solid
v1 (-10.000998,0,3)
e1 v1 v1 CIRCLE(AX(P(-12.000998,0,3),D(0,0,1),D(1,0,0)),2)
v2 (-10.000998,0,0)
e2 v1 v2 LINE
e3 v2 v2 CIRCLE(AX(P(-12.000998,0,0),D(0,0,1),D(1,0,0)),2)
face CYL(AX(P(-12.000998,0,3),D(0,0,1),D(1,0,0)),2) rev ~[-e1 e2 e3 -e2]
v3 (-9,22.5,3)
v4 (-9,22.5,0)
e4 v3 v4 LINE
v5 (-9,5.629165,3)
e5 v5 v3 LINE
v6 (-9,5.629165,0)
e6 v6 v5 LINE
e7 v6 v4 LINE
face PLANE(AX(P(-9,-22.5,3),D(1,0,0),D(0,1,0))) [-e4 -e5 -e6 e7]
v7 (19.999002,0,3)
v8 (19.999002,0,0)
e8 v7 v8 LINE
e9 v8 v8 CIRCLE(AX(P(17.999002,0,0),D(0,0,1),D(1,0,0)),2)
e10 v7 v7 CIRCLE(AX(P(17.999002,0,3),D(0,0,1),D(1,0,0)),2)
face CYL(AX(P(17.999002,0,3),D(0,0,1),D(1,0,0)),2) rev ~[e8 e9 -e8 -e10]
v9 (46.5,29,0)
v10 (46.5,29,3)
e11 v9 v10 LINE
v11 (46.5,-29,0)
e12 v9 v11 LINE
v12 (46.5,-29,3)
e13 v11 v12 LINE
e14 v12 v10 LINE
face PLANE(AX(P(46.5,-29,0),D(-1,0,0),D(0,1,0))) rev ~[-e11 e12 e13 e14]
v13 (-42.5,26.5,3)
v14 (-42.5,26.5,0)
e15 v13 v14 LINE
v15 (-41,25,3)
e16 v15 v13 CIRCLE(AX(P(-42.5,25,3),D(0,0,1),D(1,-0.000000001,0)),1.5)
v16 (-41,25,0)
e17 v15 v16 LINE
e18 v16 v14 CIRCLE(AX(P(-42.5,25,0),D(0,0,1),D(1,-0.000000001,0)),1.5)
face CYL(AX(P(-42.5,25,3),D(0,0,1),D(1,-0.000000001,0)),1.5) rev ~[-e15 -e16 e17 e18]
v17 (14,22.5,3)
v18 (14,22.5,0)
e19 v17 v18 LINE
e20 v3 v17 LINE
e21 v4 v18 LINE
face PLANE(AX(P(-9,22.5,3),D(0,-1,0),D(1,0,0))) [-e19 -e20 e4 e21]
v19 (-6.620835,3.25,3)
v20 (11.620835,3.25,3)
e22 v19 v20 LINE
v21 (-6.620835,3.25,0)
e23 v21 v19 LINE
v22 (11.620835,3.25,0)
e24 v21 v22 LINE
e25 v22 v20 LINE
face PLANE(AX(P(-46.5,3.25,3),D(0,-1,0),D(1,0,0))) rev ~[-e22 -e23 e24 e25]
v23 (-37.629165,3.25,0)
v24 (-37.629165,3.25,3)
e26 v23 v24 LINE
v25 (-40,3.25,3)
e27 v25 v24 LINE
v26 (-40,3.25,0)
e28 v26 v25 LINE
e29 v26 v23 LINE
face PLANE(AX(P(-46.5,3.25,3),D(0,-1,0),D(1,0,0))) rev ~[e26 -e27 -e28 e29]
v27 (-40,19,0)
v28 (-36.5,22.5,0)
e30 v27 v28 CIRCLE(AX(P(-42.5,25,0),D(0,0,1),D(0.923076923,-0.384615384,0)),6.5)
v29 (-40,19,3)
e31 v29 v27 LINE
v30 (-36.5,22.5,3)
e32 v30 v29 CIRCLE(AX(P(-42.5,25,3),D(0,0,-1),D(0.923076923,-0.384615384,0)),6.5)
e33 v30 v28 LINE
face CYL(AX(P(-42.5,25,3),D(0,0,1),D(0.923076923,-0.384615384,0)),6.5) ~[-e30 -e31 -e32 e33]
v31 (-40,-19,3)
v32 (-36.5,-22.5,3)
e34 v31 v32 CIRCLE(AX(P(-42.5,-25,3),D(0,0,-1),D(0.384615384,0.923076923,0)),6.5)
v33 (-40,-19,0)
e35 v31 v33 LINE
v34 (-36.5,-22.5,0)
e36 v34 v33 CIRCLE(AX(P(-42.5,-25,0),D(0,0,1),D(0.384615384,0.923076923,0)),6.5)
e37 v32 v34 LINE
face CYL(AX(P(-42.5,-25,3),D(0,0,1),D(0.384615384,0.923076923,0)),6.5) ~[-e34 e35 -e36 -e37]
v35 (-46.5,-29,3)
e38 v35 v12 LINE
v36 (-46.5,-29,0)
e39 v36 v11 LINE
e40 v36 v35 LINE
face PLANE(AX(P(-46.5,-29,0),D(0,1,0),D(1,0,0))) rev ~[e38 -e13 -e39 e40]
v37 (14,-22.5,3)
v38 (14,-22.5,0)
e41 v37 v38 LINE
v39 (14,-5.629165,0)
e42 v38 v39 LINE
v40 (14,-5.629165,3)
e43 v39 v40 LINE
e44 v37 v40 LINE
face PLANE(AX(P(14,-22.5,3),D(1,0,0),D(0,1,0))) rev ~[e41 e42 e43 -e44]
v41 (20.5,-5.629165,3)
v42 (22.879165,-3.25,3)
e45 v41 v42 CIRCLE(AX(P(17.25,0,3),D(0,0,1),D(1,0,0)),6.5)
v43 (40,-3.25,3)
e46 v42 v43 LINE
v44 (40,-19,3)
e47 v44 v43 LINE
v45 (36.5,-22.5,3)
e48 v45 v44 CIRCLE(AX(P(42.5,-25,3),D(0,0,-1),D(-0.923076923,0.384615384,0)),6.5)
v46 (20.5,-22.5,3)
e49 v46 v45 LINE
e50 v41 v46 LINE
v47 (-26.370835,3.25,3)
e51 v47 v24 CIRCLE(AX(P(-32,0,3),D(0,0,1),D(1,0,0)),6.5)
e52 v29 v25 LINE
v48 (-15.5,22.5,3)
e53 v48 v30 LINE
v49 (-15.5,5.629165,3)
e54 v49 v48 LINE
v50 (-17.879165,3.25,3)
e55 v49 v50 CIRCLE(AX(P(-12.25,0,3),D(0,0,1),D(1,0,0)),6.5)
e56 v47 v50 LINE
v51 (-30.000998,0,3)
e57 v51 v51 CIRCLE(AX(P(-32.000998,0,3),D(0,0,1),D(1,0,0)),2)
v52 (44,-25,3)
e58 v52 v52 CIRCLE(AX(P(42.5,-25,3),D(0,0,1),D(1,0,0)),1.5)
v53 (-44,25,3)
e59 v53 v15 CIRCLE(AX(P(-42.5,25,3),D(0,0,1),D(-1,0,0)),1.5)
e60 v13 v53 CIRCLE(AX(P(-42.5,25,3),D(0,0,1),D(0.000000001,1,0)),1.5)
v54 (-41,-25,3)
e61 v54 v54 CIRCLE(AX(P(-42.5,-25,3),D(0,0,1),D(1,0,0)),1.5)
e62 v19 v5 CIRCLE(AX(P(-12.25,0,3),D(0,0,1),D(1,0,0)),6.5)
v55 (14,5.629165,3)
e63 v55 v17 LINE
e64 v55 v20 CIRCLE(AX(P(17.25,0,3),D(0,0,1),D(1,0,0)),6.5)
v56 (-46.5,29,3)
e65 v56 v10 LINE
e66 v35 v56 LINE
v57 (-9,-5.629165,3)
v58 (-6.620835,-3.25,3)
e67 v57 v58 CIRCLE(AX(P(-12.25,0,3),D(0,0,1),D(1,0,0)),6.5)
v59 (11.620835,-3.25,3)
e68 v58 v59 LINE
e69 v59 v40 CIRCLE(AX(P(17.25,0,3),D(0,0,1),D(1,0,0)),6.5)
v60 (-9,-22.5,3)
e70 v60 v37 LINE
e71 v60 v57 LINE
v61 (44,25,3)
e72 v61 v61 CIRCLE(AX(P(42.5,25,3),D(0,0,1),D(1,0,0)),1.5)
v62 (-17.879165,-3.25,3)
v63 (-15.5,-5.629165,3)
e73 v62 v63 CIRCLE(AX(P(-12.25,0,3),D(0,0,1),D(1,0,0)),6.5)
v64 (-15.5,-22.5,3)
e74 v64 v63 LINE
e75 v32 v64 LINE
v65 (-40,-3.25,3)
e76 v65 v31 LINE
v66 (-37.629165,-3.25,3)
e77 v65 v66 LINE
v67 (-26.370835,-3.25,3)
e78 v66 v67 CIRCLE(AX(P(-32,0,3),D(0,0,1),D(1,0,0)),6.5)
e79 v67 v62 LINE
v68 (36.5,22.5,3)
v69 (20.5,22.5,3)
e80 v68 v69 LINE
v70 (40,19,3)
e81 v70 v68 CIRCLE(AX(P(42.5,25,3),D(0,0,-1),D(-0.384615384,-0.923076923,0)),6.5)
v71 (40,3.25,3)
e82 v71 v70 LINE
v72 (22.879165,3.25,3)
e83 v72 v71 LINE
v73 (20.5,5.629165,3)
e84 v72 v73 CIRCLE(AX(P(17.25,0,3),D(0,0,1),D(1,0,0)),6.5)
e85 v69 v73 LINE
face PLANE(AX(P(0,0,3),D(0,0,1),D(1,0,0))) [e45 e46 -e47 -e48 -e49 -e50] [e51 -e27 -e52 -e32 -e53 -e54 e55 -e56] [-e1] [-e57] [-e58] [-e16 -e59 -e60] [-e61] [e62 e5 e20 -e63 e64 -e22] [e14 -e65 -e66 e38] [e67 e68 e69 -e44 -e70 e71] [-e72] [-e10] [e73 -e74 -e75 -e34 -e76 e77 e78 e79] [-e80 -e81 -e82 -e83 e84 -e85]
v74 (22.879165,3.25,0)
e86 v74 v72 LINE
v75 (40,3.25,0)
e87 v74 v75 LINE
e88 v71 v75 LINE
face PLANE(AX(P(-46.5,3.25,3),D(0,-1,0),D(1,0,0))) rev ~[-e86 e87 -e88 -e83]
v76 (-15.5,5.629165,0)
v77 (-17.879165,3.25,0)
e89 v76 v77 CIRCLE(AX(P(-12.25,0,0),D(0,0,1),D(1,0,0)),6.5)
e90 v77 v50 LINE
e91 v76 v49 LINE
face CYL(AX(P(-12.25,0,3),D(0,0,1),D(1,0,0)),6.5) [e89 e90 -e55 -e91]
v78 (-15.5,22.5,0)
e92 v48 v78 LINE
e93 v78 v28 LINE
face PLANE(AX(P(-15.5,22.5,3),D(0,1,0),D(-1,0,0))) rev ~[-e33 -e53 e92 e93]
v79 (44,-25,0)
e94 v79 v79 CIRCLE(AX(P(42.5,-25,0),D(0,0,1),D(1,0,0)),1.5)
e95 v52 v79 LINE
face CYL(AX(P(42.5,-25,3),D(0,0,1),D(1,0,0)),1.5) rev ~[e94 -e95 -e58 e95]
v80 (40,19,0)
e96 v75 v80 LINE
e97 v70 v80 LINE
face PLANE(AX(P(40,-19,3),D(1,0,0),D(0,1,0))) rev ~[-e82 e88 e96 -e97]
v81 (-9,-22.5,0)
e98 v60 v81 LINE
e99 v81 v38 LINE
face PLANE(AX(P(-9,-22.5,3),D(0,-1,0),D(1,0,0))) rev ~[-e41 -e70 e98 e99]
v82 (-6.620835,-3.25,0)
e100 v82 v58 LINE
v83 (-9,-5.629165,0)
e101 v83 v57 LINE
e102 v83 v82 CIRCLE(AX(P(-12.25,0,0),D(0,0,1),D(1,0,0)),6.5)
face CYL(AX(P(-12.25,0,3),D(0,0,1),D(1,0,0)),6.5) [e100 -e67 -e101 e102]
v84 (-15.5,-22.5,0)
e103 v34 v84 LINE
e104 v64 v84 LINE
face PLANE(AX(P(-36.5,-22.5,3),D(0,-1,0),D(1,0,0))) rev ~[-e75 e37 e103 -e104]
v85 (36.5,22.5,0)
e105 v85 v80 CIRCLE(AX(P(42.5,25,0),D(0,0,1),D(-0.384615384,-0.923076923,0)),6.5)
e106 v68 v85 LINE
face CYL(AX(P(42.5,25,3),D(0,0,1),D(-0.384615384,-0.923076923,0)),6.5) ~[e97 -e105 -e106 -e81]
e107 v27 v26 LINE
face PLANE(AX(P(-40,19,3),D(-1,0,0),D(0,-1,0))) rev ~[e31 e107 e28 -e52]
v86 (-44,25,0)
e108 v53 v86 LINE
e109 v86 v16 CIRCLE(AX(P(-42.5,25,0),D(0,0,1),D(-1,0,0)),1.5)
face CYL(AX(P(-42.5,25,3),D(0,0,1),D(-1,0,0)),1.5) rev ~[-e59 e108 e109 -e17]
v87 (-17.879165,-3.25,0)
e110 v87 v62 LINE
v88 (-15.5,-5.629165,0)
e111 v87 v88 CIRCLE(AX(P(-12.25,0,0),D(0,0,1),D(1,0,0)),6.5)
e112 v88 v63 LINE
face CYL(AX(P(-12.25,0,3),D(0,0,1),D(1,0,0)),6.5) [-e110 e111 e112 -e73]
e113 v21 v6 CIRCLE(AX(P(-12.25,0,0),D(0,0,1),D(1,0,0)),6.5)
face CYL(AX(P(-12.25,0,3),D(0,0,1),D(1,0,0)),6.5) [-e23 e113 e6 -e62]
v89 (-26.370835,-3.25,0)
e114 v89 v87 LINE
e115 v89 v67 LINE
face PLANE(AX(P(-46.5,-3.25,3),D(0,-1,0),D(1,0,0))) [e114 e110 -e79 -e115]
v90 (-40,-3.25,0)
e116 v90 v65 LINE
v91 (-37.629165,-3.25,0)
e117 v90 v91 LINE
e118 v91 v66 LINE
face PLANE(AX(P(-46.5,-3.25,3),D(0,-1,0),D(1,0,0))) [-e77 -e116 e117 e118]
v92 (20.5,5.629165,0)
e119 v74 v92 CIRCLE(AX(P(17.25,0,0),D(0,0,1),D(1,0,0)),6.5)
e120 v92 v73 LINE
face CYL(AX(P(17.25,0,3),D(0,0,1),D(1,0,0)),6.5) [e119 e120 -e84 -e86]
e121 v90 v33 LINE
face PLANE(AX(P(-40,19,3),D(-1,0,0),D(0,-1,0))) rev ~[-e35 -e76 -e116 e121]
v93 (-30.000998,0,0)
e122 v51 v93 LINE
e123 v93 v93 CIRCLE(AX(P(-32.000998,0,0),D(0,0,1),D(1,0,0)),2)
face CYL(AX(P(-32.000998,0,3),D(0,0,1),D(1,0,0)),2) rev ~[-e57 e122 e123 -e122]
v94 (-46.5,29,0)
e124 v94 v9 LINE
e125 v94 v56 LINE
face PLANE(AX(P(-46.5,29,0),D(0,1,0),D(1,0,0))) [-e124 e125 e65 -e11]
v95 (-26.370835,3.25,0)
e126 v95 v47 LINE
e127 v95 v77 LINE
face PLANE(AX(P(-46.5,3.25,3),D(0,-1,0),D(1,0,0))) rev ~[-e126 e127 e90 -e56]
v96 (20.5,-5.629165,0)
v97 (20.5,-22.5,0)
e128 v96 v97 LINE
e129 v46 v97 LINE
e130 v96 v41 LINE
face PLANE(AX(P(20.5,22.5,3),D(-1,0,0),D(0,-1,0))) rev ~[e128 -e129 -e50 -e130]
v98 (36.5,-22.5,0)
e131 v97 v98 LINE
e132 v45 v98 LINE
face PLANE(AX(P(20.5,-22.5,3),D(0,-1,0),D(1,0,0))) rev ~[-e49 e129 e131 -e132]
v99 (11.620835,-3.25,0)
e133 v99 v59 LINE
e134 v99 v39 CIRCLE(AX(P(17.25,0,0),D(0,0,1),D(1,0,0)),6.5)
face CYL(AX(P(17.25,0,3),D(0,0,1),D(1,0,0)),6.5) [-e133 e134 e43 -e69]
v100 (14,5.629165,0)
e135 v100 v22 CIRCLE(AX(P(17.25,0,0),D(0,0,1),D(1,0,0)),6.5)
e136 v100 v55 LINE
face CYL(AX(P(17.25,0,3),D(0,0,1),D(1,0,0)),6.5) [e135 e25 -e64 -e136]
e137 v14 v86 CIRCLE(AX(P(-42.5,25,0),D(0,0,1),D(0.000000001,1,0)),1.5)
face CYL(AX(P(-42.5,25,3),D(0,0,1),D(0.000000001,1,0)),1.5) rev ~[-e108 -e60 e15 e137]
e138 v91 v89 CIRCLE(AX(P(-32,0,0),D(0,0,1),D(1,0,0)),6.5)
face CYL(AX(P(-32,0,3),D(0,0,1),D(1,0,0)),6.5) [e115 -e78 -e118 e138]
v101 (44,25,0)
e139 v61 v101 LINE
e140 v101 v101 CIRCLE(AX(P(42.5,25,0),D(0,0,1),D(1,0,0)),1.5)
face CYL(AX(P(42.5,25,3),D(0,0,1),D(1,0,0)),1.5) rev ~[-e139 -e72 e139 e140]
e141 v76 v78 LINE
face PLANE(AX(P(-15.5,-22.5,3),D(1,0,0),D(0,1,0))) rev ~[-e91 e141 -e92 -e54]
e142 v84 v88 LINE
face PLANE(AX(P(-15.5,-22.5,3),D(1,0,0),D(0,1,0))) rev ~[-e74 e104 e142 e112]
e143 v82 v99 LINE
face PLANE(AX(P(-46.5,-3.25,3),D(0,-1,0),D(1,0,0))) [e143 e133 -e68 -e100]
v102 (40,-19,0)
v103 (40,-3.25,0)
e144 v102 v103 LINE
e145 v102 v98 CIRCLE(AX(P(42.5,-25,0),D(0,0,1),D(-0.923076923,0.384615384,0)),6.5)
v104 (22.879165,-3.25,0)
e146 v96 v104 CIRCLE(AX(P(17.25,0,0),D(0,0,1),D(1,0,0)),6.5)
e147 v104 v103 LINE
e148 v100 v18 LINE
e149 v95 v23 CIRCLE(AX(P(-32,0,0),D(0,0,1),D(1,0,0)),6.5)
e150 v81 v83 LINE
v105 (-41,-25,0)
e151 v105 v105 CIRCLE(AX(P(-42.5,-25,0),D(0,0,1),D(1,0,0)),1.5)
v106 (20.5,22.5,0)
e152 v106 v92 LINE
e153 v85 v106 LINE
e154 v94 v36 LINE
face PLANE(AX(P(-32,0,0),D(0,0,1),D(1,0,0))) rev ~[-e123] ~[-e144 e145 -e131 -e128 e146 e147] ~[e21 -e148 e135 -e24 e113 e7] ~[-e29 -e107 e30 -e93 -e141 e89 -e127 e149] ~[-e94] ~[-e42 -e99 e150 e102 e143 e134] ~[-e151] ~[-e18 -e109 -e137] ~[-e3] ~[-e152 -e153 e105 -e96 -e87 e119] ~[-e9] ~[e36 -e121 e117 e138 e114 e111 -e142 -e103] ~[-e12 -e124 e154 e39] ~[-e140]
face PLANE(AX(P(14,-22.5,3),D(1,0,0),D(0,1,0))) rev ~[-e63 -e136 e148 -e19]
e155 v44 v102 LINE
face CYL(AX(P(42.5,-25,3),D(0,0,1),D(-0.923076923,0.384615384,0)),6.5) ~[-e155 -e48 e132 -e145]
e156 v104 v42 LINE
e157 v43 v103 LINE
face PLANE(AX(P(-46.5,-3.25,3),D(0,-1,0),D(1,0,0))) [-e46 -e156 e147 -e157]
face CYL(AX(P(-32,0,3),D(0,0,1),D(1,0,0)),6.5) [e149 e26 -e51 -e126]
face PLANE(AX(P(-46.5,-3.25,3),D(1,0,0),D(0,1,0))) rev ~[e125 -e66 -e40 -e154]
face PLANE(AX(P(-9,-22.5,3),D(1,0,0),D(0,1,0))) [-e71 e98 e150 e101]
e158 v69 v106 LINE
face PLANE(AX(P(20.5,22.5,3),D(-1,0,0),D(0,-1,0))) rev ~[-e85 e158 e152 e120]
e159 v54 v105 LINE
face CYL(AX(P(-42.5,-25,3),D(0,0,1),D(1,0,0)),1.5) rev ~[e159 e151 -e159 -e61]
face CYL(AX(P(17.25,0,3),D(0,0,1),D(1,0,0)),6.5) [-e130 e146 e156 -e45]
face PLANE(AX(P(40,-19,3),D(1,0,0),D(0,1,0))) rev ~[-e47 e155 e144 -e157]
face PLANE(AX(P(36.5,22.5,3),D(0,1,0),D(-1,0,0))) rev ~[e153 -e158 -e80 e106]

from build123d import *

# Parameters (mm, degrees)
SKETCH1_W               = 93
SKETCH1_H               = 58
BOSS_EXTRUDE1_DEPTH     = 3
SKETCH2_R               = 1.5
CUT_EXTRUDE2_DEPTH      = 3
CUT_EXTRUDE3_DEPTH      = 10
CUT_EXTRUDE3_DEPTH_BACK = 10
SKETCH6_W               = 23
SKETCH6_H               = 45
CUT_EXTRUDE4_DEPTH      = 10
SKETCH7_W               = 93
SKETCH7_H               = 6.5
BOSS_EXTRUDE2_DEPTH     = 3
SKETCH8_R               = 6.5
SKETCH8_W               = 6.5
SKETCH8_H               = 6.5
BOSS_EXTRUDE3_DEPTH     = 3
SKETCH9_R               = 2
CUT_EXTRUDE6_DEPTH      = 4
SKETCH12_R              = 6.5
SKETCH12_R_2            = 2
BOSS_EXTRUDE5_DEPTH     = 3
SKETCH14_R              = 2
CUT_EXTRUDE7_DEPTH      = 10


with BuildPart() as part:
    # Sketch1 → Boss-Extrude1 (new body)
    with BuildSketch(Plane.XY):
        Rectangle(SKETCH1_W, SKETCH1_H)
    extrude(amount=BOSS_EXTRUDE1_DEPTH)

    # Sketch2 → Cut-Extrude2 (cut)
    with BuildSketch(Plane.XY.offset(3)):
        with BuildLine():
            ThreePointArc((-42.5, 26.5), (-43.560660172, 26.060660172), (-44, 25))
            Line((-44, 25), (-42.5, 25))
            Line((-42.5, 25), (-42.5, 26.5))
        make_face()
        with BuildLine():
            Line((-42.5, 25), (-44, 25))
            ThreePointArc((-44, 25), (-42.5, 23.5), (-41, 25))
            ThreePointArc((-41, 25), (-41.439339828, 26.060660172), (-42.5, 26.5))
            Line((-42.5, 26.5), (-42.5, 25))
        make_face()
        with Locations((-42.5, -25)):
            Circle(SKETCH2_R)
        with Locations((42.5, -25)):
            Circle(SKETCH2_R)
        with Locations((42.5, 25)):
            Circle(SKETCH2_R)
    extrude(amount=-CUT_EXTRUDE2_DEPTH, mode=Mode.SUBTRACT)

    # Sketch5 → Cut-Extrude3 (cut, two sides)
    with BuildSketch(Plane.XY.offset(3)) as cut_extrude3_sk:
        with BuildLine():
            ThreePointArc((-36.5, 22.5), (-37.903805922, 20.403805922), (-40, 19))
            Line((-40, 19), (-40, -19))
            ThreePointArc((-40, -19), (-37.903805922, -20.403805922), (-36.5, -22.5))
            Line((-36.5, -22.5), (-15.5, -22.5))
            Line((-15.5, -22.5), (-15.5, 22.5))
            Line((-15.5, 22.5), (-36.5, 22.5))
        make_face()
        with BuildLine():
            Line((20.5, -22.5), (36.5, -22.5))
            ThreePointArc((36.5, -22.5), (37.903805922, -20.403805922), (40, -19))
            Line((40, -19), (40, 19))
            ThreePointArc((40, 19), (37.903805922, 20.403805922), (36.5, 22.5))
            Line((36.5, 22.5), (20.5, 22.5))
            Line((20.5, 22.5), (20.5, -22.5))
        make_face()
    extrude(amount=CUT_EXTRUDE3_DEPTH, mode=Mode.SUBTRACT)
    extrude(cut_extrude3_sk.sketch, amount=-CUT_EXTRUDE3_DEPTH_BACK, mode=Mode.SUBTRACT)

    # Sketch6 → Cut-Extrude4 (cut)
    with BuildSketch(Plane.XY.offset(3)):
        with Locations((2.5, 0)):
            Rectangle(SKETCH6_W, SKETCH6_H)
    extrude(amount=-CUT_EXTRUDE4_DEPTH, mode=Mode.SUBTRACT)

    # Sketch7 → Boss-Extrude2 (add, through all)
    with BuildSketch(Plane.XY.offset(3)):
        Rectangle(SKETCH7_W, SKETCH7_H)
    extrude(amount=-BOSS_EXTRUDE2_DEPTH)

    # Sketch8 → Boss-Extrude3 (add, through all)
    with BuildSketch(Plane.XY.offset(3)):
        with Locations((-12.25, 0)):
            Circle(SKETCH8_R)
        with Locations((-12.25, 0)):
            Rectangle(SKETCH8_W, SKETCH8_H, mode=Mode.SUBTRACT)
        with Locations((17.25, 0)):
            Circle(SKETCH8_R)
        with Locations((17.25, 0)):
            Rectangle(SKETCH8_W, SKETCH8_H, mode=Mode.SUBTRACT)
    extrude(amount=-BOSS_EXTRUDE3_DEPTH)

    # Sketch9 → Cut-Extrude6 (cut, through all)
    with BuildSketch(Plane.XY.offset(3)):
        with Locations((-12.000998453, 0)):
            Circle(SKETCH9_R)
        with Locations((17.999001547, 0)):
            Circle(SKETCH9_R)
    extrude(amount=-CUT_EXTRUDE6_DEPTH, mode=Mode.SUBTRACT)

    # Sketch12 → Boss-Extrude5 (add, through all)
    with BuildSketch(Plane.XY.offset(3)):
        with Locations((-32, 0)):
            Circle(SKETCH12_R)
        with Locations((-32, 0)):
            Circle(SKETCH12_R_2, mode=Mode.SUBTRACT)
    extrude(amount=-BOSS_EXTRUDE5_DEPTH)

    # Sketch14 → Cut-Extrude7 (cut)
    with BuildSketch(Plane.XY.offset(3)):
        with Locations((-32.000998453, 0)):
            Circle(SKETCH14_R)
    extrude(amount=-CUT_EXTRUDE7_DEPTH, mode=Mode.SUBTRACT)


solid = part.part
